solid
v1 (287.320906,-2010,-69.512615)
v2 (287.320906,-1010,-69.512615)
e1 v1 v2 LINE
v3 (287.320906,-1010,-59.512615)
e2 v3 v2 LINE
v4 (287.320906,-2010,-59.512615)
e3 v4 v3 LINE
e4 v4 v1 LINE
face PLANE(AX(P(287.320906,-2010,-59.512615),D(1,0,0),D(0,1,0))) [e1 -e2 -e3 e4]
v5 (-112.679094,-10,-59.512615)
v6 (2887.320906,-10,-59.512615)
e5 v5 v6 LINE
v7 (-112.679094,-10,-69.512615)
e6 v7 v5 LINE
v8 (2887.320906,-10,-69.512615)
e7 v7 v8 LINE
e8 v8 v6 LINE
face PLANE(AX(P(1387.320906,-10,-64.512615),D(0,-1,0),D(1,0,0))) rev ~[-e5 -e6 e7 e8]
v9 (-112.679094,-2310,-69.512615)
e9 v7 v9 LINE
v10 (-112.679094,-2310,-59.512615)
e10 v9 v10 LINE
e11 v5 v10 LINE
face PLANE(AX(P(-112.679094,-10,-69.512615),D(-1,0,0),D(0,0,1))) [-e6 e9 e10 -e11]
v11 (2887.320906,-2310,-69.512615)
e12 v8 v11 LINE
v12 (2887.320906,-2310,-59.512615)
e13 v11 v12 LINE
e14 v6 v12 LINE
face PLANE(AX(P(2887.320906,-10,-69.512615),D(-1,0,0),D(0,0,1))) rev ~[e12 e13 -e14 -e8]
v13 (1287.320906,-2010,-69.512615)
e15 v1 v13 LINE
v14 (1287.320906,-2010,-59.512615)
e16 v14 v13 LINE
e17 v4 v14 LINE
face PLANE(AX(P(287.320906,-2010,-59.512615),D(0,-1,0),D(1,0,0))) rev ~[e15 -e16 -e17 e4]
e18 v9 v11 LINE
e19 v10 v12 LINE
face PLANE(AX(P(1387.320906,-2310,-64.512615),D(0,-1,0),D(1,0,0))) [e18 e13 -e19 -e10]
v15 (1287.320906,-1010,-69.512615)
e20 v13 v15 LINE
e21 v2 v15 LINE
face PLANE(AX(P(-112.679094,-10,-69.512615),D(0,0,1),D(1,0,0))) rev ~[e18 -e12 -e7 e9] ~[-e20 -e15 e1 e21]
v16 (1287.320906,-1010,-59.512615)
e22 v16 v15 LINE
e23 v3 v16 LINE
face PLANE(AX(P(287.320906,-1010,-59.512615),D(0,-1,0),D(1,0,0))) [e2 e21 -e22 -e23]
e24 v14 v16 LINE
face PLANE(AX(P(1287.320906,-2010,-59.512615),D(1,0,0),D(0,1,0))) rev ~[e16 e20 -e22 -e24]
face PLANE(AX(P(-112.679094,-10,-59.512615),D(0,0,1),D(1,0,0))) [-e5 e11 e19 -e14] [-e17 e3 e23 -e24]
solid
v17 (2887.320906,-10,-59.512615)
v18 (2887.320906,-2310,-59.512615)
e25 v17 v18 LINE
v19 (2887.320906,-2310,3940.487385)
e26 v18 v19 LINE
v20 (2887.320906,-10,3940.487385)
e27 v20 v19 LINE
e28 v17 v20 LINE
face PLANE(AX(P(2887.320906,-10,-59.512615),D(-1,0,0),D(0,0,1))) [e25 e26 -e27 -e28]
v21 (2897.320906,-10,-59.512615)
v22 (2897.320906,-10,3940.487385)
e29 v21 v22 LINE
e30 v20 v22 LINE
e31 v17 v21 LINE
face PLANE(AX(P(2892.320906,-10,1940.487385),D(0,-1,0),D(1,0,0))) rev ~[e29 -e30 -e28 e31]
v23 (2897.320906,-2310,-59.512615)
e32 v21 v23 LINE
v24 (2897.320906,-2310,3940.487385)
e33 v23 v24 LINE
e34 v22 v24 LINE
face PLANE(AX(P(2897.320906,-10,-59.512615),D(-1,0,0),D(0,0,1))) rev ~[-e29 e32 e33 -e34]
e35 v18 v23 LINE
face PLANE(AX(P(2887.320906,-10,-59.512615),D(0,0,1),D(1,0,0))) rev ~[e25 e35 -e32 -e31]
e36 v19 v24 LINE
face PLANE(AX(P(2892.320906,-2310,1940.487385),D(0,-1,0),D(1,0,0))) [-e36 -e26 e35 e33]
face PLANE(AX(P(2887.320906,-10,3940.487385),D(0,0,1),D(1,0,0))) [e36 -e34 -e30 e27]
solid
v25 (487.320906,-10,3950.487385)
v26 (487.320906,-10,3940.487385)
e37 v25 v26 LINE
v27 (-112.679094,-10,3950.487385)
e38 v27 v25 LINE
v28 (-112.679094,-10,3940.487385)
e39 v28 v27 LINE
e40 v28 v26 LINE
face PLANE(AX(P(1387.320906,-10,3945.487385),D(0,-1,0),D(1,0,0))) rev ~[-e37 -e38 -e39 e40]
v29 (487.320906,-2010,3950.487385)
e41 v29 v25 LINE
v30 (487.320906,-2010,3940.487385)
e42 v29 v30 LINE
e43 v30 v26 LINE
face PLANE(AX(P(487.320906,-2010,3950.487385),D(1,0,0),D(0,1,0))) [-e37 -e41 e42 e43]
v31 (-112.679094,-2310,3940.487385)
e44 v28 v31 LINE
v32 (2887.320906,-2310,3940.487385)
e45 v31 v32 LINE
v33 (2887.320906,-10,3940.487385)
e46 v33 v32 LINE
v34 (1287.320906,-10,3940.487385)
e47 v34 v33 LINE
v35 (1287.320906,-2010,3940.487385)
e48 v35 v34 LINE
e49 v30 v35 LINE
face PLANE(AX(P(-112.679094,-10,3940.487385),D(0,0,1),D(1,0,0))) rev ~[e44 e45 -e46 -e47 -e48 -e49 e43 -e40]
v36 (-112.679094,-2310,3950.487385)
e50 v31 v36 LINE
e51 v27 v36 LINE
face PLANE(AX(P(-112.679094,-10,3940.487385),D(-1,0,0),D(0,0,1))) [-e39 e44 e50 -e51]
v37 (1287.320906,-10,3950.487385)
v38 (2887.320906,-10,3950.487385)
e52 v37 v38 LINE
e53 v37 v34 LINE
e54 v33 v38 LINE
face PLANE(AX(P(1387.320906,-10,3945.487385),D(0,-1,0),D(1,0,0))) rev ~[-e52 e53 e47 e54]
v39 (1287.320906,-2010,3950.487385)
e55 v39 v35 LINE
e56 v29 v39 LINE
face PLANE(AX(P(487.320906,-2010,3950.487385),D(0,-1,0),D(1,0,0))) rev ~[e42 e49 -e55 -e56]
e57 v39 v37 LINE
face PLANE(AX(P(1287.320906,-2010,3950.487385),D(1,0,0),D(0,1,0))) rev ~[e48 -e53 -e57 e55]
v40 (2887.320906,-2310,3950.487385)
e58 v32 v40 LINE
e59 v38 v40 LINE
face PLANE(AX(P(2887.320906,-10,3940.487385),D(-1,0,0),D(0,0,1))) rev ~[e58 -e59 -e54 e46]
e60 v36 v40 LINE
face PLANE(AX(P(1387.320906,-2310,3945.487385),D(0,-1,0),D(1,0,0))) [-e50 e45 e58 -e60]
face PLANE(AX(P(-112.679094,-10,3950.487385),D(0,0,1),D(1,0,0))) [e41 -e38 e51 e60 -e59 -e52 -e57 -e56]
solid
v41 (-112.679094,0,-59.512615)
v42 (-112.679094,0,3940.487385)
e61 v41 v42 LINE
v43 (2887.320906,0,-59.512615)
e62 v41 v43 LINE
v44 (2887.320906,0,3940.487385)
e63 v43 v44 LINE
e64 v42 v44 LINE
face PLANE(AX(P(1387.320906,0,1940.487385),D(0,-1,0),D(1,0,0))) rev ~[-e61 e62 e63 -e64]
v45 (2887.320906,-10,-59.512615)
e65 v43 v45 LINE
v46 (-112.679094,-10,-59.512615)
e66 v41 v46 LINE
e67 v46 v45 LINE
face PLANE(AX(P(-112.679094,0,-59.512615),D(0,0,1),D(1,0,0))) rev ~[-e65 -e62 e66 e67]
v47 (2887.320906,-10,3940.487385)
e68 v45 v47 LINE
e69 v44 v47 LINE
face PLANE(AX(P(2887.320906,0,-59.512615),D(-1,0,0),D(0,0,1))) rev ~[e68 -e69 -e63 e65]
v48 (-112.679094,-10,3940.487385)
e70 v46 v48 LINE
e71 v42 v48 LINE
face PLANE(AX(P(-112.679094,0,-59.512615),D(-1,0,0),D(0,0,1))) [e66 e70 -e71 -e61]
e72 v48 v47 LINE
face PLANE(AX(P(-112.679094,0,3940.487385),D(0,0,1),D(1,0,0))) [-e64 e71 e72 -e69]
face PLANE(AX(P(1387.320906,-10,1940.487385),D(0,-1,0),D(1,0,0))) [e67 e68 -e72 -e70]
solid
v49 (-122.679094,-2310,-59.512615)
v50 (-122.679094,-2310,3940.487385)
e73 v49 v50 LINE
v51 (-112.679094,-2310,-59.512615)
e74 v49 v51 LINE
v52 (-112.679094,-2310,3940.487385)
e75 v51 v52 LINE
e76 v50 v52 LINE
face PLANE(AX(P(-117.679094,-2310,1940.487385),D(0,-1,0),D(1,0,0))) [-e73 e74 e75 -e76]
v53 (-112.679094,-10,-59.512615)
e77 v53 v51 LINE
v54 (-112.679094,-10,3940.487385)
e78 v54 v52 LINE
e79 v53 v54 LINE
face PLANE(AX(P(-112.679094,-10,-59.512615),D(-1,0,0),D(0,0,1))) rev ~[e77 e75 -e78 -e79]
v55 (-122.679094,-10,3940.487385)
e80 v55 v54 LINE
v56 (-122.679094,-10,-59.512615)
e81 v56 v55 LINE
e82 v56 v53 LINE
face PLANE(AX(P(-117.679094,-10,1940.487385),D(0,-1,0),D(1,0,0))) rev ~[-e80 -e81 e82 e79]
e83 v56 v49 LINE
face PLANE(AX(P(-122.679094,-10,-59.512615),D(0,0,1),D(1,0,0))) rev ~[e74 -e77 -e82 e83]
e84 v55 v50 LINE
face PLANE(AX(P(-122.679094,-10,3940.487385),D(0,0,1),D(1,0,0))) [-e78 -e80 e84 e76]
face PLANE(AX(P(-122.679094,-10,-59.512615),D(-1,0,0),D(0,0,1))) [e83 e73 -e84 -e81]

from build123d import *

# Parameters (mm, degrees)
F0_W      = 3000
F0_H      = 4000
F1_DEPTH  = 10
F2_W      = 10
F2_H      = 4000
F3_DEPTH  = 2300
F4_W      = 3000
F4_H      = 10
F5_DEPTH  = 2300
F6_W      = 10
F6_H      = 4000
F7_DEPTH  = 2300
F8_W      = 3000
F8_H      = 10
F9_DEPTH  = 2300
F10_W     = 1000
F10_H     = 1000
F11_DEPTH = 10
F12_W     = 800
F12_H     = 2000
F13_DEPTH = 10


with BuildPart() as f1:
    # F0 (on Front) → F1 (new body)
    with BuildSketch(Plane.XZ):
        with Locations((1387.320906, 1940.487385)):
            Rectangle(F0_W, F0_H)
    extrude(amount=F1_DEPTH)


with BuildPart() as f3:
    # F2 (on face) → F3 (new body)
    with BuildSketch(Plane.XZ.offset(10)):
        with Locations((-117.679094, 1940.487385)):
            Rectangle(F2_W, F2_H)
    extrude(amount=F3_DEPTH)


with BuildPart() as f5:
    # F4 (on face) → F5 (new body)
    with BuildSketch(Plane.XZ.offset(10)):
        with Locations((1387.320906, 3945.487385)):
            Rectangle(F4_W, F4_H)
    extrude(amount=F5_DEPTH)

    # F12 (on face) → F13 (cut, through all)
    with BuildSketch(Plane.XY.offset(3950.487385)):
        with Locations((887.320906, -1010)):
            Rectangle(F12_W, F12_H)
    extrude(amount=-F13_DEPTH, mode=Mode.SUBTRACT)


with BuildPart() as f7:
    # F6 (on face) → F7 (new body)
    with BuildSketch(Plane.XZ.offset(10)):
        with Locations((2892.320906, 1940.487385)):
            Rectangle(F6_W, F6_H)
    extrude(amount=F7_DEPTH)


with BuildPart() as f9:
    # F8 (on face) → F9 (new body)
    with BuildSketch(Plane.XZ.offset(10)):
        with Locations((1387.320906, -64.512615)):
            Rectangle(F8_W, F8_H)
    extrude(amount=F9_DEPTH)

    # F10 (on face) → F11 (cut, through all)
    with BuildSketch(Plane.XY.offset(-59.512615)):
        with Locations((787.320906, -1510)):
            Rectangle(F10_W, F10_H)
    extrude(amount=-F11_DEPTH, mode=Mode.SUBTRACT)


solid = Compound([f1.part, f3.part, f5.part, f7.part, f9.part])
